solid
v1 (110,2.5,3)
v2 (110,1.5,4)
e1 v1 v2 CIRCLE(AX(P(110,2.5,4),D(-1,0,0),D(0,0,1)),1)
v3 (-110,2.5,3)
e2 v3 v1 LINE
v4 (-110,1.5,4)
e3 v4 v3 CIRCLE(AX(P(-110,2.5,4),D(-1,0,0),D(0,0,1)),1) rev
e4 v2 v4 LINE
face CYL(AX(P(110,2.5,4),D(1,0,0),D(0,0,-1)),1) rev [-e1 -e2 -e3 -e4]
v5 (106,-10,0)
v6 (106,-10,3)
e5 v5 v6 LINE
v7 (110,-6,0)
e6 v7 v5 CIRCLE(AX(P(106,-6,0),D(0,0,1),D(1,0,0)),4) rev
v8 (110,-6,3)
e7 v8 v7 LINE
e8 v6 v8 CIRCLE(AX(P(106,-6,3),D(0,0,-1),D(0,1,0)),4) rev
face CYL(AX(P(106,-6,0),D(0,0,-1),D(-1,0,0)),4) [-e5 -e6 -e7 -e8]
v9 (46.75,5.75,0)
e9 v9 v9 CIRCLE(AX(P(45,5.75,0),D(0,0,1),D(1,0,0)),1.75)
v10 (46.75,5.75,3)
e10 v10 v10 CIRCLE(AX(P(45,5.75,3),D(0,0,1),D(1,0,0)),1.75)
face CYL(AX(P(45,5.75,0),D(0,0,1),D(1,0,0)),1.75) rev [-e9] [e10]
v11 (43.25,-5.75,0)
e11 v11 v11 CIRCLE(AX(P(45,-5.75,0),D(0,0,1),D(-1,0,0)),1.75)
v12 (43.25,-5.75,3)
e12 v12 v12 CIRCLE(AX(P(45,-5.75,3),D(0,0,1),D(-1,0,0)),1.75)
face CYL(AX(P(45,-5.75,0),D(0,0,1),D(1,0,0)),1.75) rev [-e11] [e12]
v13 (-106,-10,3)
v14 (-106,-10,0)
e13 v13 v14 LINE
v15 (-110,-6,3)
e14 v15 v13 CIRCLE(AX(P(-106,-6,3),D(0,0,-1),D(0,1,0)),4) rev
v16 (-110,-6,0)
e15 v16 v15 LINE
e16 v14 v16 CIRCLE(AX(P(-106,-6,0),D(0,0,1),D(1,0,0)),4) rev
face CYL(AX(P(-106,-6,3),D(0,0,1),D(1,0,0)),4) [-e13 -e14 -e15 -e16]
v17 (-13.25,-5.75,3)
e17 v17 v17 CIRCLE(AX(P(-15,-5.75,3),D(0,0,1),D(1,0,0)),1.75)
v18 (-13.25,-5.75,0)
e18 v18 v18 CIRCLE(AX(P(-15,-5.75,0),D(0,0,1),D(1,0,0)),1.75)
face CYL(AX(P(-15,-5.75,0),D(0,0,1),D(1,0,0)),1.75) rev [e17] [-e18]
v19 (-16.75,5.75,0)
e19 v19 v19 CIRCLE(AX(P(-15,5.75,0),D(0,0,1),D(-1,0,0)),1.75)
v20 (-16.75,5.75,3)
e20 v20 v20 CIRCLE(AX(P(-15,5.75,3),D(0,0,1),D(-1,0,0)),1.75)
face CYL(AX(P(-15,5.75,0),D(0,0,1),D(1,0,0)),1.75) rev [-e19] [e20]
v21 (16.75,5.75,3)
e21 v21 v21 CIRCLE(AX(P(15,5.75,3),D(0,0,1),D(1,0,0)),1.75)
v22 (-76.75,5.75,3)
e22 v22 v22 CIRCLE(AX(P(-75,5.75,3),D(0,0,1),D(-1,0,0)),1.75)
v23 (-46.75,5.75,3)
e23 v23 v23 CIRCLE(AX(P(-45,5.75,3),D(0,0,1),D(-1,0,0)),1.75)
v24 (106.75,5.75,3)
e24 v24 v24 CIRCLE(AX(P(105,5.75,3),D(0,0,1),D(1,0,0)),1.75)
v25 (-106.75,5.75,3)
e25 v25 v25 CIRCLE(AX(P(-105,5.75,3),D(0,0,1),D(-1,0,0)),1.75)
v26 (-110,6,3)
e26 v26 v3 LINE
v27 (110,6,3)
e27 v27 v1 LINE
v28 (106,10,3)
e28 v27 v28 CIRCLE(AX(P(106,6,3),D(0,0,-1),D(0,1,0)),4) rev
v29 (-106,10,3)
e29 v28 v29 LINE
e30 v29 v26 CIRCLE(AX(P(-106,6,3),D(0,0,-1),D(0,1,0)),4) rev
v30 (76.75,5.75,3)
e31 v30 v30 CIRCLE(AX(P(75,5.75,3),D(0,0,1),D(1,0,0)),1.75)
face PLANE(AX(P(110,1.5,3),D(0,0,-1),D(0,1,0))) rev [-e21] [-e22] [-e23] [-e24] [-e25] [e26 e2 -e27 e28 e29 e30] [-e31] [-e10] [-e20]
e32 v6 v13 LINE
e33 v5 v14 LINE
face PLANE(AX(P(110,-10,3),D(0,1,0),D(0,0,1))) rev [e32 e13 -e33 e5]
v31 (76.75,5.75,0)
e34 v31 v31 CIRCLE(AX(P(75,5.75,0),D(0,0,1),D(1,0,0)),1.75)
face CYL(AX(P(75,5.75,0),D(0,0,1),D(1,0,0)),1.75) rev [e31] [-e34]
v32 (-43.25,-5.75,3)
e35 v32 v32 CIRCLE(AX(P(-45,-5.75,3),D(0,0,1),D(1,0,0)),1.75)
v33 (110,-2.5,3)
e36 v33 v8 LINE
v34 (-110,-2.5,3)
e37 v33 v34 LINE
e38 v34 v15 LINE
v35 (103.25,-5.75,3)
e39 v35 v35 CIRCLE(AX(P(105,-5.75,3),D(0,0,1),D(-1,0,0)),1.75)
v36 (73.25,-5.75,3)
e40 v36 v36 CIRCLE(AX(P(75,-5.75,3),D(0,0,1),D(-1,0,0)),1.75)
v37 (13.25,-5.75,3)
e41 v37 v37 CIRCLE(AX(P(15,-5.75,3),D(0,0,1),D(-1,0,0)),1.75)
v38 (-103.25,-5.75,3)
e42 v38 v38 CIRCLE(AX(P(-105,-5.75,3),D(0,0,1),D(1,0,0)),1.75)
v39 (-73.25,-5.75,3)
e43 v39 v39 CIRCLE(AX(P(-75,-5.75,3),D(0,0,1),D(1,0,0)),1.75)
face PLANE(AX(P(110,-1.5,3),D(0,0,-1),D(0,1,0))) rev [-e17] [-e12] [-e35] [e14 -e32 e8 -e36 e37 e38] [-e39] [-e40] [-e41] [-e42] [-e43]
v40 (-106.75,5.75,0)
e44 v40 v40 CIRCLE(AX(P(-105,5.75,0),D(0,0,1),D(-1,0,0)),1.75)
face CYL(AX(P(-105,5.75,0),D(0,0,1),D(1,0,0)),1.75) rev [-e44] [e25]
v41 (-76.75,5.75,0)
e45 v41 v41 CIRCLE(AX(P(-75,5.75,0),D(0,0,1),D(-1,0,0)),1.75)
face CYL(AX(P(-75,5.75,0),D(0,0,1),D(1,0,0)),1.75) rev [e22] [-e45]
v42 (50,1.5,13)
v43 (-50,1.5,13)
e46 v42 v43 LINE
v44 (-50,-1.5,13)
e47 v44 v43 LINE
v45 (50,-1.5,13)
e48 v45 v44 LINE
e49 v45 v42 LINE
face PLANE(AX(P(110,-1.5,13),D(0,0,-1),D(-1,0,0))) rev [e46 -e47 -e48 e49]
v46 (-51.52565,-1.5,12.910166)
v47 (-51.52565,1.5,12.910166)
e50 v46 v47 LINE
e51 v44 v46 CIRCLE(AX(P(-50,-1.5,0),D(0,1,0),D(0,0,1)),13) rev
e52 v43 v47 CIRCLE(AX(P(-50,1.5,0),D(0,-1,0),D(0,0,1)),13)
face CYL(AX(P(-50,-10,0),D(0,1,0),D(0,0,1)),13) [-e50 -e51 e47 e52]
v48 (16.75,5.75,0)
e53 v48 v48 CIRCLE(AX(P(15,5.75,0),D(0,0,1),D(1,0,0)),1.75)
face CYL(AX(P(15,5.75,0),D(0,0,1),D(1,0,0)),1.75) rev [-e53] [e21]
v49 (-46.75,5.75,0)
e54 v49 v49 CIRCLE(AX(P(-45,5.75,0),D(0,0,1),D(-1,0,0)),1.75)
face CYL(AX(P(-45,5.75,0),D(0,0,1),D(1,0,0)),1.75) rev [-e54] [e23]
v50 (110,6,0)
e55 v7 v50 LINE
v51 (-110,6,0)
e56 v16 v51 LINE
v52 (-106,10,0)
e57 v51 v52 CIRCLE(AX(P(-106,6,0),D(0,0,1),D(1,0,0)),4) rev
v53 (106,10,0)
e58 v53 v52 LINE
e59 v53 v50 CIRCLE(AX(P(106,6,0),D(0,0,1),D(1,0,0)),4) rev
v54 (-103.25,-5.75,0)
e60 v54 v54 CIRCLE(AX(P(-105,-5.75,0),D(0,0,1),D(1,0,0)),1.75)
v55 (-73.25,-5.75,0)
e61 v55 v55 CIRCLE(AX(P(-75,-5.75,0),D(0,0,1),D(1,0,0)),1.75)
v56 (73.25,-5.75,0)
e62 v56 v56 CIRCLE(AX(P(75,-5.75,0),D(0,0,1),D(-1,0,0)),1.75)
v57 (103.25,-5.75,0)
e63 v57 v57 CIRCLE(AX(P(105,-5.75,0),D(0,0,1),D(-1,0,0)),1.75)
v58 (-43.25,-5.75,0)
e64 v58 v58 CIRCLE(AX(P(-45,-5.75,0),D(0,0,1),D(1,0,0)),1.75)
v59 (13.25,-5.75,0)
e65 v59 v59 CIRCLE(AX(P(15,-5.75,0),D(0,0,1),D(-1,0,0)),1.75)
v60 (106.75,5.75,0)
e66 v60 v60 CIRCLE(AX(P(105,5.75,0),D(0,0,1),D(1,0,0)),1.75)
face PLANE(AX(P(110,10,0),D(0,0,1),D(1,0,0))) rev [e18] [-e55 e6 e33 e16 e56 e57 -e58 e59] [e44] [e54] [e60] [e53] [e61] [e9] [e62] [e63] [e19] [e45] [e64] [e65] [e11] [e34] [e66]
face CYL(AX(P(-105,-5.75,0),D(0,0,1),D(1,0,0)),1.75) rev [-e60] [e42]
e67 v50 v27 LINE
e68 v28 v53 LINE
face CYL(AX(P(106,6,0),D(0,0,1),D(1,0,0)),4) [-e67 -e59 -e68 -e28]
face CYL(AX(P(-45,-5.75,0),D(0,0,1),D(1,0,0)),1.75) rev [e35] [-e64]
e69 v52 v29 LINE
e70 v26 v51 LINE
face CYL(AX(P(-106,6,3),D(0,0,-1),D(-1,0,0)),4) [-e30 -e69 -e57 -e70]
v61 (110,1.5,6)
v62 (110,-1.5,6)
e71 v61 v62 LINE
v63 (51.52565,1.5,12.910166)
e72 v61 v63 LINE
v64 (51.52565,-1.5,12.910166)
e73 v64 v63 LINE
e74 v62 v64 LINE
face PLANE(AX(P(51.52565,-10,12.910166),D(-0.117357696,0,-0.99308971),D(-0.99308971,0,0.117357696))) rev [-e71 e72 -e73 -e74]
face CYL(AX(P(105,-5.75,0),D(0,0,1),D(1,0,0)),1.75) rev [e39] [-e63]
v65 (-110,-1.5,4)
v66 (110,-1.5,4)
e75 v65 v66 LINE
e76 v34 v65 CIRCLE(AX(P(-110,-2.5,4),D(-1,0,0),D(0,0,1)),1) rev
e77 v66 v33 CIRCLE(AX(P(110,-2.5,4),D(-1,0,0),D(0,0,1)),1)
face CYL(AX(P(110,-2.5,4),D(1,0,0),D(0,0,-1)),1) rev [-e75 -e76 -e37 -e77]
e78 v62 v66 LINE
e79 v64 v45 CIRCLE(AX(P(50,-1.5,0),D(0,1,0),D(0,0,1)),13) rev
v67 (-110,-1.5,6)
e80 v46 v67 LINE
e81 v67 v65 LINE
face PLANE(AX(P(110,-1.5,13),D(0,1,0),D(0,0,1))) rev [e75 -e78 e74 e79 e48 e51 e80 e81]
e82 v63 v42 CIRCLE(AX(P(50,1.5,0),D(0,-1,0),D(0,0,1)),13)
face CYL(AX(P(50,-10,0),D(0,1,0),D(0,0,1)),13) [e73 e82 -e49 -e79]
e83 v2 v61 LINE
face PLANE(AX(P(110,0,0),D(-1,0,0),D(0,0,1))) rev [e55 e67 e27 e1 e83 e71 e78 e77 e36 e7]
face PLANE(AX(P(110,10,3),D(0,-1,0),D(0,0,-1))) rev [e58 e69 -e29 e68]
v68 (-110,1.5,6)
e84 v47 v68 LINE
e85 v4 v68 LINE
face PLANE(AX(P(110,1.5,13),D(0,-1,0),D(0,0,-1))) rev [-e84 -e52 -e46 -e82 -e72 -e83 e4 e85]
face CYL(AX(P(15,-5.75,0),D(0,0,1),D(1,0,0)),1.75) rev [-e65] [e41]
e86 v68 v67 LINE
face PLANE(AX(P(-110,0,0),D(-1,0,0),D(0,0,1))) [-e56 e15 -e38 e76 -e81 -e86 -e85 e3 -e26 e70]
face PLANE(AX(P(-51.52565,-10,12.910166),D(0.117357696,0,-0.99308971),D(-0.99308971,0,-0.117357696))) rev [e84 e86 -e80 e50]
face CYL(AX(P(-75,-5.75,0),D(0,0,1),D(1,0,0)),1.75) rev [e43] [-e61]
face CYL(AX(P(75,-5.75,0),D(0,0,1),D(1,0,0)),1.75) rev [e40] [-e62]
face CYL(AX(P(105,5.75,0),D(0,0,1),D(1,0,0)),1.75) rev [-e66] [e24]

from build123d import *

# Parameters (mm, degrees)
BOSS_EXTRUDE1_DEPTH = 110
SKETCH2_R           = 1.75
CUT_EXTRUDE1_DEPTH  = 111.905365064
CUT_EXTRUDE2_DEPTH  = 112.360899781
FILLET1_R           = 4
FILLET2_R           = 1


with BuildPart() as part:
    # Sketch1 → Boss-Extrude1 (new, symmetric)
    with BuildSketch(Plane(origin=(0, 0, 0), x_dir=(0, 0, -1), z_dir=(1, 0, 0))):
        Polygon((-13, -1.5), (-13, 1.5), (-3, 1.5), (-3, 10), (0, 10), (0, -10), (-3, -10), (-3, -1.5), align=None)
    extrude(amount=BOSS_EXTRUDE1_DEPTH, both=True)

    # Sketch2 → Cut-Extrude1 (cut, through all)
    with BuildSketch(Plane.XY.offset(3)):
        with Locations((-15, -5.75)):
            Circle(SKETCH2_R)
        with Locations((-45, -5.75)):
            Circle(SKETCH2_R)
        with Locations((-75, -5.75)):
            Circle(SKETCH2_R)
        with Locations((-105, -5.75)):
            Circle(SKETCH2_R)
        with Locations(Location((105, -5.75, 0), (0, 0, 180))):
            Circle(SKETCH2_R)
        with Locations(Location((75, -5.75, 0), (0, 0, 180))):
            Circle(SKETCH2_R)
        with Locations(Location((45, -5.75, 0), (0, 0, 180))):
            Circle(SKETCH2_R)
        with Locations(Location((15, -5.75, 0), (0, 0, 180))):
            Circle(SKETCH2_R)
        with Locations((15, 5.75)):
            Circle(SKETCH2_R)
        with Locations((45, 5.75)):
            Circle(SKETCH2_R)
        with Locations((75, 5.75)):
            Circle(SKETCH2_R)
        with Locations((105, 5.75)):
            Circle(SKETCH2_R)
        with Locations(Location((-105, 5.75, 0), (0, 0, 180))):
            Circle(SKETCH2_R)
        with Locations(Location((-75, 5.75, 0), (0, 0, 180))):
            Circle(SKETCH2_R)
        with Locations(Location((-45, 5.75, 0), (0, 0, 180))):
            Circle(SKETCH2_R)
        with Locations(Location((-15, 5.75, 0), (0, 0, 180))):
            Circle(SKETCH2_R)
    extrude(amount=-CUT_EXTRUDE1_DEPTH, mode=Mode.SUBTRACT)

    # Sketch3 → Cut-Extrude2 (cut, through all)
    with BuildSketch(Plane(origin=(0, 1.5, 0), x_dir=(1, 0, 0), z_dir=(0, 1, 0))):
        with BuildLine():
            Line((50, -13), (110, -13))
            Line((110, -13), (110, -6))
            Line((110, -6), (51.525650044, -12.910166224))
            ThreePointArc((51.525650044, -12.910166224), (50.764146283, -12.977522123), (50, -13))
        make_face()
        with BuildLine():
            Line((-51.525650044, -12.910166224), (-110, -6))
            Line((-110, -6), (-110, -13))
            Line((-110, -13), (-50, -13))
            ThreePointArc((-50, -13), (-50.764146283, -12.977522123), (-51.525650044, -12.910166224))
        make_face()
    extrude(amount=-CUT_EXTRUDE2_DEPTH, mode=Mode.SUBTRACT)

    # Fillet1
    fillet1_edges = [part.edges().sort_by_distance(p)[0] for p in [
        (110, -10, 1.5),
        (110, 10, 1.5),
        (-110, 10, 1.5),
        (-110, -10, 1.5),
    ]]
    fillet(fillet1_edges, radius=FILLET1_R)

    # Fillet2
    fillet2_edges = [part.edges().sort_by_distance(p)[0] for p in [
        (0, -1.5, 3),
        (0, 1.5, 3),
    ]]
    fillet(fillet2_edges, radius=FILLET2_R)


solid = part.part
